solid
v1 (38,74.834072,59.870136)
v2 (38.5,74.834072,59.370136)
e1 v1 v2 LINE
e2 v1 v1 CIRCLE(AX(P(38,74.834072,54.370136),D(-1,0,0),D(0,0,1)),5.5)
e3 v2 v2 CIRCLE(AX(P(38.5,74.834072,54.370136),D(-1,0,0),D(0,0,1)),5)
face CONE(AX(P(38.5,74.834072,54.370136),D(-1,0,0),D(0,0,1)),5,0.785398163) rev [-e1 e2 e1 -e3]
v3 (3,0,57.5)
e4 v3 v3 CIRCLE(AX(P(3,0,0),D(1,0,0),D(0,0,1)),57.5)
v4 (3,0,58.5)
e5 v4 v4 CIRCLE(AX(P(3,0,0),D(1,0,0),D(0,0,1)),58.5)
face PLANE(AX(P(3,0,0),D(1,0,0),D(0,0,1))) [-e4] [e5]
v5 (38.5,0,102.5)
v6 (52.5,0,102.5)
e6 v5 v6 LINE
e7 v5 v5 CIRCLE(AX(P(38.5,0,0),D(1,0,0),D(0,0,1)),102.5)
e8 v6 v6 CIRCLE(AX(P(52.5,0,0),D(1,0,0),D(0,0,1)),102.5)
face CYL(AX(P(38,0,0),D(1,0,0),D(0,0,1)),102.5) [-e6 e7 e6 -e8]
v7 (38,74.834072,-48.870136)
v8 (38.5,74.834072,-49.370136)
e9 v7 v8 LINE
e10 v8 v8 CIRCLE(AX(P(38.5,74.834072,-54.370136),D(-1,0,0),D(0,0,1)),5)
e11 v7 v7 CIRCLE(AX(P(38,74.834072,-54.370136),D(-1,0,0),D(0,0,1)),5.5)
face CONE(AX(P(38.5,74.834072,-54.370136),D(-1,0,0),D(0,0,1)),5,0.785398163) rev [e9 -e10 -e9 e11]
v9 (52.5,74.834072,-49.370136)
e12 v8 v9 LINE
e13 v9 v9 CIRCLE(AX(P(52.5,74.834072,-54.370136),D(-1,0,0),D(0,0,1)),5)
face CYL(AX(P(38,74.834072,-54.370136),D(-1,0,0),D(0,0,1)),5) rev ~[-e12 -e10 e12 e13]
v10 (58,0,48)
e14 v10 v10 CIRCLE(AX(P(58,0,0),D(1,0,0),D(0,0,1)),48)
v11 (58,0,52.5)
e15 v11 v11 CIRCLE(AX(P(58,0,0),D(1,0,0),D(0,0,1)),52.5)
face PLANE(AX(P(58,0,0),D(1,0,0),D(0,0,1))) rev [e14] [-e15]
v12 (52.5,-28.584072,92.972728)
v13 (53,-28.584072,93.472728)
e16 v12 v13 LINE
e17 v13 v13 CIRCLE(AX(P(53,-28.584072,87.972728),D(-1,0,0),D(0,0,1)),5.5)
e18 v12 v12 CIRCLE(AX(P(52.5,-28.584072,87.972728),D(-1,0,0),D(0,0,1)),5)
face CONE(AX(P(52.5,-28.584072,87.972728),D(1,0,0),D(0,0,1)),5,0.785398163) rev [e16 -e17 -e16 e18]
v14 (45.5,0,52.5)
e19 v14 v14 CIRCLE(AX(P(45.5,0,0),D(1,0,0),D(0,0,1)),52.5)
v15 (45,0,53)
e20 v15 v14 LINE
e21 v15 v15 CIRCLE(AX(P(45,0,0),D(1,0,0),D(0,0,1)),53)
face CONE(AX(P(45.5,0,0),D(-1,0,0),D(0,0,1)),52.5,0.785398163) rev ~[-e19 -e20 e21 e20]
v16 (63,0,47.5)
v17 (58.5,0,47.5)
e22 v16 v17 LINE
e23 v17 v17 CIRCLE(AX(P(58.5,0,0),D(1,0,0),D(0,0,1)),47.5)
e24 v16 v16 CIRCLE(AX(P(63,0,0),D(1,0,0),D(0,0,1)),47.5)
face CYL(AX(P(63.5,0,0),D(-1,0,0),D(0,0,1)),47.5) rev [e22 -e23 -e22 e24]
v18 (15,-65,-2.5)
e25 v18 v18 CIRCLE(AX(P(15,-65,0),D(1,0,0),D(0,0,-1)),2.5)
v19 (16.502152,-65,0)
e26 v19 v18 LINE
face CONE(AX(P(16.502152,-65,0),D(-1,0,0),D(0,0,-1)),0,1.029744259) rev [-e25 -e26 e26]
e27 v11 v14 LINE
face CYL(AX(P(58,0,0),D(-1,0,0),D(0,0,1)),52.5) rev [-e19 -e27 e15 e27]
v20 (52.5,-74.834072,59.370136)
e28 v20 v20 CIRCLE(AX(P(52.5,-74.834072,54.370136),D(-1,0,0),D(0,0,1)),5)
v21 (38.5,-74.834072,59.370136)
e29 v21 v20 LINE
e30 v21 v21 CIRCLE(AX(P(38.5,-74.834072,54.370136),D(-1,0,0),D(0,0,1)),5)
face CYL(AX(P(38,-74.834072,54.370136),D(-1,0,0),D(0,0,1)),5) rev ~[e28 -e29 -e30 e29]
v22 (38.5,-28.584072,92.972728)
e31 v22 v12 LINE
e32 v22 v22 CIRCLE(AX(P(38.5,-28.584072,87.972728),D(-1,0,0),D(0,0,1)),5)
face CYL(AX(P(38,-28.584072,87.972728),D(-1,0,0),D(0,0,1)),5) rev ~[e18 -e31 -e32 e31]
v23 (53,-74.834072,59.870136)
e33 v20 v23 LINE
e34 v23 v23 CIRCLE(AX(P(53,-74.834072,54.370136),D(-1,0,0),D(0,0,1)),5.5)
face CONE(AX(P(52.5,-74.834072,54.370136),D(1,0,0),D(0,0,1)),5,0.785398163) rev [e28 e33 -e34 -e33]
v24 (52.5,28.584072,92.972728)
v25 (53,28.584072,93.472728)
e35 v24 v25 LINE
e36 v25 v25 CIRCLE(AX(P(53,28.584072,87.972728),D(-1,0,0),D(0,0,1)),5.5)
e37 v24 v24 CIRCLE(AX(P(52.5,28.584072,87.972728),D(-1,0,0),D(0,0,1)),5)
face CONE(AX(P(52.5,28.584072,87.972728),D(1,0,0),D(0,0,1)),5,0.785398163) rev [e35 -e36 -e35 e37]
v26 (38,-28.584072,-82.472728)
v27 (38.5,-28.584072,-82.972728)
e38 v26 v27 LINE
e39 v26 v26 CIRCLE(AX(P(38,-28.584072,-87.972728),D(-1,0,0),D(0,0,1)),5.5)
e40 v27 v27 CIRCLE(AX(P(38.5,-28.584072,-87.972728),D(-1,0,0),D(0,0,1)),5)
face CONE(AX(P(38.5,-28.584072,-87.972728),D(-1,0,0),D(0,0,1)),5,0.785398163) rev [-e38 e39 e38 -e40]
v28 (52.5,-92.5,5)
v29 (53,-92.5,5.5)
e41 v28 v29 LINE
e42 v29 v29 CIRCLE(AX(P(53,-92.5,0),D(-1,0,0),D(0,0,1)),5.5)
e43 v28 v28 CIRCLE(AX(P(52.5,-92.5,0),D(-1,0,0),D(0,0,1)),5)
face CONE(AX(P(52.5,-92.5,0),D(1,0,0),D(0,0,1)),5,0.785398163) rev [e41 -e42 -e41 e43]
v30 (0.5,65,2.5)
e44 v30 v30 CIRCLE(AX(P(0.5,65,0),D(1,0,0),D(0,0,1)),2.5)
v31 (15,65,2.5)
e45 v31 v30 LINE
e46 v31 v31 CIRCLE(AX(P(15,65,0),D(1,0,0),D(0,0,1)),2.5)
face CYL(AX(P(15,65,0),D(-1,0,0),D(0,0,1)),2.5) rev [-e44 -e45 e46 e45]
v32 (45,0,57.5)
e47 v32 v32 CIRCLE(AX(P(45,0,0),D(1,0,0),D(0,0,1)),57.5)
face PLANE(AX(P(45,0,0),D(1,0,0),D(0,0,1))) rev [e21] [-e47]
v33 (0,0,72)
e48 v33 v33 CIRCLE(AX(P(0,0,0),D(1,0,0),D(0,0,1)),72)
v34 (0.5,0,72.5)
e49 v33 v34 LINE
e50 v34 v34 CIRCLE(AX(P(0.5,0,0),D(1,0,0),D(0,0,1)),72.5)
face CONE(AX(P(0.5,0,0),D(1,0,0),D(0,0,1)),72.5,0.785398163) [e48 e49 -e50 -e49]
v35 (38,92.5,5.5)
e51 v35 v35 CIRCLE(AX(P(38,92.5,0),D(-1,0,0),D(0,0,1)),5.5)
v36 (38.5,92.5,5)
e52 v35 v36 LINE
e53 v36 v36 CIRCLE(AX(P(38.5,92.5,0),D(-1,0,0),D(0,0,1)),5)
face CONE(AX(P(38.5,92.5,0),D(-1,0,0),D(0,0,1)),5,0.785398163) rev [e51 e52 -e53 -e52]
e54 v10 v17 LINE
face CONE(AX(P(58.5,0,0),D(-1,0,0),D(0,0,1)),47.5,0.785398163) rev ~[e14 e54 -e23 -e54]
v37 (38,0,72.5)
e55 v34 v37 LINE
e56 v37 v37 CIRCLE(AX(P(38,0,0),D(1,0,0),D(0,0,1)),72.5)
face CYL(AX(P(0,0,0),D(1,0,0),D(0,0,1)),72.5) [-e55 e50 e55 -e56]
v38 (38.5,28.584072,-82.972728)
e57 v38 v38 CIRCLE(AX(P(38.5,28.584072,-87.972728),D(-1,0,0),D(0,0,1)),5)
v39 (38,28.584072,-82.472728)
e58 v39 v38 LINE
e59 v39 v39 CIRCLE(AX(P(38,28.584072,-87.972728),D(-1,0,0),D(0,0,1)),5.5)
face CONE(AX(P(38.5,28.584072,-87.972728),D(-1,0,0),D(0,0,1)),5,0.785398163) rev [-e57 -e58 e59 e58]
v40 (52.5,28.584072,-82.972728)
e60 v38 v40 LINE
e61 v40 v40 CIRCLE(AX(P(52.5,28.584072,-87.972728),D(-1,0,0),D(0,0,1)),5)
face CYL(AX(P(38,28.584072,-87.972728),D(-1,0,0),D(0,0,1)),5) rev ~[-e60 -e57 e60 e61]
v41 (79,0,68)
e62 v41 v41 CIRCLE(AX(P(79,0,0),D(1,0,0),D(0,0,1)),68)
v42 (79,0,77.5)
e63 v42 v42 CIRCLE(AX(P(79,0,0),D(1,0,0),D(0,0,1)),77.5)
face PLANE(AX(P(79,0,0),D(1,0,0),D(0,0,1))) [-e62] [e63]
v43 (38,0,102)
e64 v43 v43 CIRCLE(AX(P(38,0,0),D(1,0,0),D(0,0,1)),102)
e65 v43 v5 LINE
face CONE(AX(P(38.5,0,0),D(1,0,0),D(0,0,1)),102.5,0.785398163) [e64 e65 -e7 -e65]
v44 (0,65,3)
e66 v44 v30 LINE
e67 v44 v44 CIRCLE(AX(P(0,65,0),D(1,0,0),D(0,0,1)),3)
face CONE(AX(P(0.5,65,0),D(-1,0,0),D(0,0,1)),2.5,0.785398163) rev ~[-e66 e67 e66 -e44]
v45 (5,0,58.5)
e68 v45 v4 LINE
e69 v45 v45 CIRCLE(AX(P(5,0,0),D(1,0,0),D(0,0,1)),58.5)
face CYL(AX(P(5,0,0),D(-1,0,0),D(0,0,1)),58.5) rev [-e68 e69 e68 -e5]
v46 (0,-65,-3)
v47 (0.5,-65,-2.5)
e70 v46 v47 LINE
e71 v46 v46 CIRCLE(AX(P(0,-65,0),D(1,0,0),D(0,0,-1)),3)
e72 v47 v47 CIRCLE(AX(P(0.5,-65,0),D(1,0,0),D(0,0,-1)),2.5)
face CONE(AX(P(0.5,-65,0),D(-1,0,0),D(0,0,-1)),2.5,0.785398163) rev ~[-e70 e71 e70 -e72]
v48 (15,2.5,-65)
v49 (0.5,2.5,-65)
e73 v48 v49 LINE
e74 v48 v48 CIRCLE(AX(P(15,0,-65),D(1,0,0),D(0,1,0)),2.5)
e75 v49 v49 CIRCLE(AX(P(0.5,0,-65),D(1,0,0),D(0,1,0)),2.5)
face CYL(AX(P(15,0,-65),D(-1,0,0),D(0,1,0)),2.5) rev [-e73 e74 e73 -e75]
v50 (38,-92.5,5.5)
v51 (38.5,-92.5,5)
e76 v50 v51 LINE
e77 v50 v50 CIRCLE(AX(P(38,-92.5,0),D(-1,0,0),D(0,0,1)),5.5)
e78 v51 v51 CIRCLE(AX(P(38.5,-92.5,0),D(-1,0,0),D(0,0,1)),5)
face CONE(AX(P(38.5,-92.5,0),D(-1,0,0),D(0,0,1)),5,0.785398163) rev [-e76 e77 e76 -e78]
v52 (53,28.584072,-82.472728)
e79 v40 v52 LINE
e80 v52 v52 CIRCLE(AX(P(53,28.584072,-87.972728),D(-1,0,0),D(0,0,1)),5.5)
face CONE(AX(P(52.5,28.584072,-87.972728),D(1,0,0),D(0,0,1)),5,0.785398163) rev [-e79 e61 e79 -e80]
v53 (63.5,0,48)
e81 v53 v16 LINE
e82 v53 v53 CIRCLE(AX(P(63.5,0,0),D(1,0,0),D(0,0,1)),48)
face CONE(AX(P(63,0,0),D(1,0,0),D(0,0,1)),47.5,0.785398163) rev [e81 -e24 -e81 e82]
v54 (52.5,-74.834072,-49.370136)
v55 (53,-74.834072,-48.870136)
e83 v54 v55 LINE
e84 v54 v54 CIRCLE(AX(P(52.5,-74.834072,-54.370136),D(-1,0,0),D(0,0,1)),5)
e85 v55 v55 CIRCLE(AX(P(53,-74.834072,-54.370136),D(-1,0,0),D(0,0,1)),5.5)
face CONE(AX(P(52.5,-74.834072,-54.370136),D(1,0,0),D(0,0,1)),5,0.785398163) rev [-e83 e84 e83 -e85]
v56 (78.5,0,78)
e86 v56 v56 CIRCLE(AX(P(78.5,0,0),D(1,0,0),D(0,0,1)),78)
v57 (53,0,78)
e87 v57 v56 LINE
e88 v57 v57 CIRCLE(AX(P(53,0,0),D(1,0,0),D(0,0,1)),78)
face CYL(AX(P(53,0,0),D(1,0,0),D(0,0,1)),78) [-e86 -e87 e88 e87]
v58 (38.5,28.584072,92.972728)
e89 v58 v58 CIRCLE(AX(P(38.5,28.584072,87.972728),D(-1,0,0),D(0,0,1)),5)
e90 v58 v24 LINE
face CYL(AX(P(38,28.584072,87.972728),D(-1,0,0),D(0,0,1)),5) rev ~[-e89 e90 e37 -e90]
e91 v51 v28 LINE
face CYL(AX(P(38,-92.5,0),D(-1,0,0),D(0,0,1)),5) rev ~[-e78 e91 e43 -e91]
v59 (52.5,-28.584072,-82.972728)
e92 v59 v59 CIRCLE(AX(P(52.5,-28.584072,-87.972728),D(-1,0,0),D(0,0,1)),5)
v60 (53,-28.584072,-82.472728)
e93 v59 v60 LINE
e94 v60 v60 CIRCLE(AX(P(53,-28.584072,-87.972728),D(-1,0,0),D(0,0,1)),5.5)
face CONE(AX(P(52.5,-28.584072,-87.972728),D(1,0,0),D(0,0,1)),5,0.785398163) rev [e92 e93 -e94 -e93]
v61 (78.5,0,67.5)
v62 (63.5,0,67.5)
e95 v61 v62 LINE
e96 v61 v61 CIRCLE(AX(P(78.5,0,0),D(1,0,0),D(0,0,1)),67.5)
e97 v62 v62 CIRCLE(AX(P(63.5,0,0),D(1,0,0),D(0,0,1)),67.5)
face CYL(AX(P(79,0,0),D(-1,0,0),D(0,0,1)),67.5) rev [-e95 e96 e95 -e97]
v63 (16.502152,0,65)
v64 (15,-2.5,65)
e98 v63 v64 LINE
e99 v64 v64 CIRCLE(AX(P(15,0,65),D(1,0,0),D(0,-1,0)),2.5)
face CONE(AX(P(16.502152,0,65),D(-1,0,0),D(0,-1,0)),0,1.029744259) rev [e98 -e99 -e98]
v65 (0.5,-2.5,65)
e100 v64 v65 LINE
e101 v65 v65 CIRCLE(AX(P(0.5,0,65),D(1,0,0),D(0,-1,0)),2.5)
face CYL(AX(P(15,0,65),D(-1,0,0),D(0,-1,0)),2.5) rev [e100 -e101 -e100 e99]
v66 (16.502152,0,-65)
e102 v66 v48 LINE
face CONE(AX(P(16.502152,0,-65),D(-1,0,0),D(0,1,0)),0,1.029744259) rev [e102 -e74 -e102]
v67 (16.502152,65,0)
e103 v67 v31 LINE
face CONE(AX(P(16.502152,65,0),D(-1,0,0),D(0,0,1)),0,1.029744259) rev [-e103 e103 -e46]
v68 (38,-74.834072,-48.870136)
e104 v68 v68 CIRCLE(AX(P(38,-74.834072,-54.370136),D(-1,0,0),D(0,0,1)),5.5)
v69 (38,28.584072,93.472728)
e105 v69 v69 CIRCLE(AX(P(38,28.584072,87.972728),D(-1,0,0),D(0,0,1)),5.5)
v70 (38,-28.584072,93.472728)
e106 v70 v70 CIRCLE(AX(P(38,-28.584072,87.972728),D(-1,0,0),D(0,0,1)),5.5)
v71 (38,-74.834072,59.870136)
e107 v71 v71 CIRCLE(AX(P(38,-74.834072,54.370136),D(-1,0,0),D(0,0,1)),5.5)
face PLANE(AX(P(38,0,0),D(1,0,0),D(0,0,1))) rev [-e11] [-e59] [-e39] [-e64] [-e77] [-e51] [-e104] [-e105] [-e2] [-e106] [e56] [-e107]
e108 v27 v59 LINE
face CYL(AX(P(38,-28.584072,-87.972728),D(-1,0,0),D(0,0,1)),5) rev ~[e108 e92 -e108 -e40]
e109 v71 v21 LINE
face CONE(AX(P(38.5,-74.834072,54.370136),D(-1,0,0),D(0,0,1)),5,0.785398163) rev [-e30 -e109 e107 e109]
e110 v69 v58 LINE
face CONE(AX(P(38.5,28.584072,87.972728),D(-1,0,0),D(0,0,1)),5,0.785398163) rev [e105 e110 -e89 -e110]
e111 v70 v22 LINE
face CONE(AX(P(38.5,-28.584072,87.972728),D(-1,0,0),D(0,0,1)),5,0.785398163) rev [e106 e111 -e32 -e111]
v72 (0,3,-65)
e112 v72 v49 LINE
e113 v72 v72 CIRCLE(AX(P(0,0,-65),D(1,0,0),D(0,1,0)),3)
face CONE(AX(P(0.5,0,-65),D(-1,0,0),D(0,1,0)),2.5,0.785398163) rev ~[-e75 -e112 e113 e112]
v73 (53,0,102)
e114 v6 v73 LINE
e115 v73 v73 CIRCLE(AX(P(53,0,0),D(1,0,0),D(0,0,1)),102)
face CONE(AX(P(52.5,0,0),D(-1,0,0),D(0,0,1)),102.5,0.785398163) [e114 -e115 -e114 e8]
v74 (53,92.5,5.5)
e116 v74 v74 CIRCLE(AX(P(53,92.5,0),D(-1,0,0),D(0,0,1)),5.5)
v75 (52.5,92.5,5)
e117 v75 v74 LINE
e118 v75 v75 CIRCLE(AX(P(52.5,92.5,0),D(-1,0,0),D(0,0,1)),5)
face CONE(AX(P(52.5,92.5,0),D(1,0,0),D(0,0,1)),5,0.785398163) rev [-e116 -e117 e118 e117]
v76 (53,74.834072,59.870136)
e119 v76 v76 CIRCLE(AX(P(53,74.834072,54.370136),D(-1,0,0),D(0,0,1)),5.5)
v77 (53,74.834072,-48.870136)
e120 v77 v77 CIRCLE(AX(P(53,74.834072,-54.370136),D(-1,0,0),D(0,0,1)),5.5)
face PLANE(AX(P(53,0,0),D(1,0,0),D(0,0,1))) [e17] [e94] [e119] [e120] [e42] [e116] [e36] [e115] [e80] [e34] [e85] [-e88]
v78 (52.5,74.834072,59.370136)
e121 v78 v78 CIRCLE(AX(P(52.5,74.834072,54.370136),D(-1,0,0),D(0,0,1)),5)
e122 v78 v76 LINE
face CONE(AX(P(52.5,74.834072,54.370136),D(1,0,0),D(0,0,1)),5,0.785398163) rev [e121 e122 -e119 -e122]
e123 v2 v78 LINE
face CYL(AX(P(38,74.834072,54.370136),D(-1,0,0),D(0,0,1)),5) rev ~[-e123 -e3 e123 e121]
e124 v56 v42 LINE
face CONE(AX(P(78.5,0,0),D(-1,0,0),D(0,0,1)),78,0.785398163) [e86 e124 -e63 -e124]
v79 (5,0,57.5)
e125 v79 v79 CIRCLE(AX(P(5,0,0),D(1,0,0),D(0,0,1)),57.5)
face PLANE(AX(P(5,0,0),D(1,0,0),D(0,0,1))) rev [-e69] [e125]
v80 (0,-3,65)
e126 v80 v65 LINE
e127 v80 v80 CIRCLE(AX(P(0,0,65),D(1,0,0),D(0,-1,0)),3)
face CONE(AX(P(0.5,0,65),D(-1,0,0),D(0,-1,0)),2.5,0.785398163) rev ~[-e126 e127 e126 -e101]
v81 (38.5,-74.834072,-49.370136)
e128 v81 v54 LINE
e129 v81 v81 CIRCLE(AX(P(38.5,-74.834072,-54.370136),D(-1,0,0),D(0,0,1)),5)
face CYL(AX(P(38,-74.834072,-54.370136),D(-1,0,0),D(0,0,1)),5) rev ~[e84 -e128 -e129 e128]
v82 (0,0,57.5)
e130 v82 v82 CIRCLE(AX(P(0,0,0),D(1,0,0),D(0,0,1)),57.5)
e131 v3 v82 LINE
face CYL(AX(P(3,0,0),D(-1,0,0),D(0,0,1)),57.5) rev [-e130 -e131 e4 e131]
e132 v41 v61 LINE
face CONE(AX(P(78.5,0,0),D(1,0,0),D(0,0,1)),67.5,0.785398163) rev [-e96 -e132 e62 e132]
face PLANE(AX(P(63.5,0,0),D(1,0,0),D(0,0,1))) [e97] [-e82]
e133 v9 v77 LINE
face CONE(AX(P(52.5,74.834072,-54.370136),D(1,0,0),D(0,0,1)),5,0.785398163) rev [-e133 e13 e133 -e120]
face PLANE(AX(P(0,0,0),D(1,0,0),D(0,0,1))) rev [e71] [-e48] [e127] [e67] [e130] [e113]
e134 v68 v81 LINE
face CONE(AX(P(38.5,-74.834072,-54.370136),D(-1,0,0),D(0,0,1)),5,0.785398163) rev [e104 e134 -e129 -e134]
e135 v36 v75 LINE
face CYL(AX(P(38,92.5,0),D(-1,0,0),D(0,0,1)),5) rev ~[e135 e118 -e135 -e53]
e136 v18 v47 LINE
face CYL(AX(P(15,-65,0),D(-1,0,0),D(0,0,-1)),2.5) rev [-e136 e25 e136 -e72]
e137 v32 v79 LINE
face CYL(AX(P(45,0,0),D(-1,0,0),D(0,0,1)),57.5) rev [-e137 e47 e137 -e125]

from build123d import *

# Parameters (mm, degrees)
SKETCH_3_R               = 5
CUT_EXTRUDE_2_DEPTH      = 151.643619181
PATTERN_CIRCULAR_1_COUNT = 4
CHAMFER_1_SIZE           = 0.5
CHAMFER_2_SIZE           = 0.5


with BuildPart() as part:
    # 草图1 → 旋转1 (revolve)
    with BuildSketch(Plane.XY, mode=Mode.PRIVATE) as revolve_1_sk:
        Polygon((0, 57.5), (0, 72.5), (38, 72.5), (38, 102.5), (53, 102.5), (53, 78), (79, 78), (79, 67.5), (63.5, 67.5), (63.5, 47.5), (58, 47.5), (58, 52.5), (45, 52.5), (45, 57.5), (5, 57.5), (5, 58.5), (3, 58.5), (3, 57.5), align=None)
    revolve(revolve_1_sk.sketch.rotate(Axis((0, 0, 0), (1, 0, 0)), 90), axis=Axis((0, 0, 0), (1, 0, 0)))

    # 草图3 → 切除-拉伸2 (cut, through all)
    with BuildSketch(Plane.ZY.offset(-38)):
        with Locations((0, 92.5)):
            Circle(SKETCH_3_R)
        with Locations((54.370135837, 74.83407198)):
            Circle(SKETCH_3_R)
        with Locations((87.972727757, 28.58407198)):
            Circle(SKETCH_3_R)
        with Locations((87.972727757, -28.58407198)):
            Circle(SKETCH_3_R)
        with Locations((54.370135837, -74.83407198)):
            Circle(SKETCH_3_R)
        with Locations((0, -92.5)):
            Circle(SKETCH_3_R)
        with Locations((-54.370135837, -74.83407198)):
            Circle(SKETCH_3_R)
        with Locations((-87.972727757, -28.58407198)):
            Circle(SKETCH_3_R)
        with Locations((-87.972727757, 28.58407198)):
            Circle(SKETCH_3_R)
        with Locations((-54.370135837, 74.83407198)):
            Circle(SKETCH_3_R)
    extrude(amount=-CUT_EXTRUDE_2_DEPTH, mode=Mode.SUBTRACT)

    # 草图5 → Ø5.0 (5) 直径孔1 (revolve, cut)
    with BuildSketch(Plane.ZX.offset(65)):
        Polygon((0, 0), (0, 16.502151548), (2.5, 15), (2.5, 0), align=None)
    hole_wizard_5_0_5_1 = revolve(axis=Axis((-6.35, 65, 0), (1, 0, 0)), mode=Mode.SUBTRACT)

    # 阵列(圆周)1: Ø5.0 (5) 直径孔1 ×4 about axis
    pattern_circular_1_axis = Axis((0, 0, 0), (1, 0, 0))
    for i in range(1, PATTERN_CIRCULAR_1_COUNT):
        add(hole_wizard_5_0_5_1.rotate(pattern_circular_1_axis, i * 360 / PATTERN_CIRCULAR_1_COUNT), mode=Mode.SUBTRACT)

    # 倒角1
    chamfer_1_edges = [part.edges().sort_by_distance(p)[0] for p in [
        (38, 0, -102.5),
        (53, 0, -102.5),
        (79, 0, -78),
        (79, 0, -67.5),
        (63.5, 0, -47.5),
        (58, 0, -47.5),
        (45, 0, -52.5),
        (0, 0, -72.5),
    ]]
    chamfer(chamfer_1_edges, length=CHAMFER_1_SIZE)

    # 倒角2
    chamfer_2_edges = [part.edges().sort_by_distance(p)[0] for p in [
        (0, -2.5, -65),
        (53, 92.5, -5),
        (38, 92.5, -5),
        (53, 74.83407198, -59.370135837),
        (38, 74.83407198, -59.370135837),
        (53, 28.58407198, -92.972727757),
        (38, 28.58407198, -92.972727757),
        (53, -28.58407198, -92.972727757),
        (38, -28.58407198, -92.972727757),
        (53, -74.83407198, -59.370135837),
        (38, -74.83407198, -59.370135837),
        (53, -92.5, -5),
        (38, -92.5, -5),
        (53, -74.83407198, 49.370135837),
        (38, -74.83407198, 49.370135837),
        (53, -28.58407198, 82.972727757),
        (38, -28.58407198, 82.972727757),
        (53, 28.58407198, 82.972727757),
        (38, 28.58407198, 82.972727757),
        (53, 74.83407198, 49.370135837),
        (38, 74.83407198, 49.370135837),
        (0, 65, -2.5),
        (0, 2.5, 65),
        (0, -65, 2.5),
    ]]
    chamfer(chamfer_2_edges, length=CHAMFER_2_SIZE)


solid = part.part
